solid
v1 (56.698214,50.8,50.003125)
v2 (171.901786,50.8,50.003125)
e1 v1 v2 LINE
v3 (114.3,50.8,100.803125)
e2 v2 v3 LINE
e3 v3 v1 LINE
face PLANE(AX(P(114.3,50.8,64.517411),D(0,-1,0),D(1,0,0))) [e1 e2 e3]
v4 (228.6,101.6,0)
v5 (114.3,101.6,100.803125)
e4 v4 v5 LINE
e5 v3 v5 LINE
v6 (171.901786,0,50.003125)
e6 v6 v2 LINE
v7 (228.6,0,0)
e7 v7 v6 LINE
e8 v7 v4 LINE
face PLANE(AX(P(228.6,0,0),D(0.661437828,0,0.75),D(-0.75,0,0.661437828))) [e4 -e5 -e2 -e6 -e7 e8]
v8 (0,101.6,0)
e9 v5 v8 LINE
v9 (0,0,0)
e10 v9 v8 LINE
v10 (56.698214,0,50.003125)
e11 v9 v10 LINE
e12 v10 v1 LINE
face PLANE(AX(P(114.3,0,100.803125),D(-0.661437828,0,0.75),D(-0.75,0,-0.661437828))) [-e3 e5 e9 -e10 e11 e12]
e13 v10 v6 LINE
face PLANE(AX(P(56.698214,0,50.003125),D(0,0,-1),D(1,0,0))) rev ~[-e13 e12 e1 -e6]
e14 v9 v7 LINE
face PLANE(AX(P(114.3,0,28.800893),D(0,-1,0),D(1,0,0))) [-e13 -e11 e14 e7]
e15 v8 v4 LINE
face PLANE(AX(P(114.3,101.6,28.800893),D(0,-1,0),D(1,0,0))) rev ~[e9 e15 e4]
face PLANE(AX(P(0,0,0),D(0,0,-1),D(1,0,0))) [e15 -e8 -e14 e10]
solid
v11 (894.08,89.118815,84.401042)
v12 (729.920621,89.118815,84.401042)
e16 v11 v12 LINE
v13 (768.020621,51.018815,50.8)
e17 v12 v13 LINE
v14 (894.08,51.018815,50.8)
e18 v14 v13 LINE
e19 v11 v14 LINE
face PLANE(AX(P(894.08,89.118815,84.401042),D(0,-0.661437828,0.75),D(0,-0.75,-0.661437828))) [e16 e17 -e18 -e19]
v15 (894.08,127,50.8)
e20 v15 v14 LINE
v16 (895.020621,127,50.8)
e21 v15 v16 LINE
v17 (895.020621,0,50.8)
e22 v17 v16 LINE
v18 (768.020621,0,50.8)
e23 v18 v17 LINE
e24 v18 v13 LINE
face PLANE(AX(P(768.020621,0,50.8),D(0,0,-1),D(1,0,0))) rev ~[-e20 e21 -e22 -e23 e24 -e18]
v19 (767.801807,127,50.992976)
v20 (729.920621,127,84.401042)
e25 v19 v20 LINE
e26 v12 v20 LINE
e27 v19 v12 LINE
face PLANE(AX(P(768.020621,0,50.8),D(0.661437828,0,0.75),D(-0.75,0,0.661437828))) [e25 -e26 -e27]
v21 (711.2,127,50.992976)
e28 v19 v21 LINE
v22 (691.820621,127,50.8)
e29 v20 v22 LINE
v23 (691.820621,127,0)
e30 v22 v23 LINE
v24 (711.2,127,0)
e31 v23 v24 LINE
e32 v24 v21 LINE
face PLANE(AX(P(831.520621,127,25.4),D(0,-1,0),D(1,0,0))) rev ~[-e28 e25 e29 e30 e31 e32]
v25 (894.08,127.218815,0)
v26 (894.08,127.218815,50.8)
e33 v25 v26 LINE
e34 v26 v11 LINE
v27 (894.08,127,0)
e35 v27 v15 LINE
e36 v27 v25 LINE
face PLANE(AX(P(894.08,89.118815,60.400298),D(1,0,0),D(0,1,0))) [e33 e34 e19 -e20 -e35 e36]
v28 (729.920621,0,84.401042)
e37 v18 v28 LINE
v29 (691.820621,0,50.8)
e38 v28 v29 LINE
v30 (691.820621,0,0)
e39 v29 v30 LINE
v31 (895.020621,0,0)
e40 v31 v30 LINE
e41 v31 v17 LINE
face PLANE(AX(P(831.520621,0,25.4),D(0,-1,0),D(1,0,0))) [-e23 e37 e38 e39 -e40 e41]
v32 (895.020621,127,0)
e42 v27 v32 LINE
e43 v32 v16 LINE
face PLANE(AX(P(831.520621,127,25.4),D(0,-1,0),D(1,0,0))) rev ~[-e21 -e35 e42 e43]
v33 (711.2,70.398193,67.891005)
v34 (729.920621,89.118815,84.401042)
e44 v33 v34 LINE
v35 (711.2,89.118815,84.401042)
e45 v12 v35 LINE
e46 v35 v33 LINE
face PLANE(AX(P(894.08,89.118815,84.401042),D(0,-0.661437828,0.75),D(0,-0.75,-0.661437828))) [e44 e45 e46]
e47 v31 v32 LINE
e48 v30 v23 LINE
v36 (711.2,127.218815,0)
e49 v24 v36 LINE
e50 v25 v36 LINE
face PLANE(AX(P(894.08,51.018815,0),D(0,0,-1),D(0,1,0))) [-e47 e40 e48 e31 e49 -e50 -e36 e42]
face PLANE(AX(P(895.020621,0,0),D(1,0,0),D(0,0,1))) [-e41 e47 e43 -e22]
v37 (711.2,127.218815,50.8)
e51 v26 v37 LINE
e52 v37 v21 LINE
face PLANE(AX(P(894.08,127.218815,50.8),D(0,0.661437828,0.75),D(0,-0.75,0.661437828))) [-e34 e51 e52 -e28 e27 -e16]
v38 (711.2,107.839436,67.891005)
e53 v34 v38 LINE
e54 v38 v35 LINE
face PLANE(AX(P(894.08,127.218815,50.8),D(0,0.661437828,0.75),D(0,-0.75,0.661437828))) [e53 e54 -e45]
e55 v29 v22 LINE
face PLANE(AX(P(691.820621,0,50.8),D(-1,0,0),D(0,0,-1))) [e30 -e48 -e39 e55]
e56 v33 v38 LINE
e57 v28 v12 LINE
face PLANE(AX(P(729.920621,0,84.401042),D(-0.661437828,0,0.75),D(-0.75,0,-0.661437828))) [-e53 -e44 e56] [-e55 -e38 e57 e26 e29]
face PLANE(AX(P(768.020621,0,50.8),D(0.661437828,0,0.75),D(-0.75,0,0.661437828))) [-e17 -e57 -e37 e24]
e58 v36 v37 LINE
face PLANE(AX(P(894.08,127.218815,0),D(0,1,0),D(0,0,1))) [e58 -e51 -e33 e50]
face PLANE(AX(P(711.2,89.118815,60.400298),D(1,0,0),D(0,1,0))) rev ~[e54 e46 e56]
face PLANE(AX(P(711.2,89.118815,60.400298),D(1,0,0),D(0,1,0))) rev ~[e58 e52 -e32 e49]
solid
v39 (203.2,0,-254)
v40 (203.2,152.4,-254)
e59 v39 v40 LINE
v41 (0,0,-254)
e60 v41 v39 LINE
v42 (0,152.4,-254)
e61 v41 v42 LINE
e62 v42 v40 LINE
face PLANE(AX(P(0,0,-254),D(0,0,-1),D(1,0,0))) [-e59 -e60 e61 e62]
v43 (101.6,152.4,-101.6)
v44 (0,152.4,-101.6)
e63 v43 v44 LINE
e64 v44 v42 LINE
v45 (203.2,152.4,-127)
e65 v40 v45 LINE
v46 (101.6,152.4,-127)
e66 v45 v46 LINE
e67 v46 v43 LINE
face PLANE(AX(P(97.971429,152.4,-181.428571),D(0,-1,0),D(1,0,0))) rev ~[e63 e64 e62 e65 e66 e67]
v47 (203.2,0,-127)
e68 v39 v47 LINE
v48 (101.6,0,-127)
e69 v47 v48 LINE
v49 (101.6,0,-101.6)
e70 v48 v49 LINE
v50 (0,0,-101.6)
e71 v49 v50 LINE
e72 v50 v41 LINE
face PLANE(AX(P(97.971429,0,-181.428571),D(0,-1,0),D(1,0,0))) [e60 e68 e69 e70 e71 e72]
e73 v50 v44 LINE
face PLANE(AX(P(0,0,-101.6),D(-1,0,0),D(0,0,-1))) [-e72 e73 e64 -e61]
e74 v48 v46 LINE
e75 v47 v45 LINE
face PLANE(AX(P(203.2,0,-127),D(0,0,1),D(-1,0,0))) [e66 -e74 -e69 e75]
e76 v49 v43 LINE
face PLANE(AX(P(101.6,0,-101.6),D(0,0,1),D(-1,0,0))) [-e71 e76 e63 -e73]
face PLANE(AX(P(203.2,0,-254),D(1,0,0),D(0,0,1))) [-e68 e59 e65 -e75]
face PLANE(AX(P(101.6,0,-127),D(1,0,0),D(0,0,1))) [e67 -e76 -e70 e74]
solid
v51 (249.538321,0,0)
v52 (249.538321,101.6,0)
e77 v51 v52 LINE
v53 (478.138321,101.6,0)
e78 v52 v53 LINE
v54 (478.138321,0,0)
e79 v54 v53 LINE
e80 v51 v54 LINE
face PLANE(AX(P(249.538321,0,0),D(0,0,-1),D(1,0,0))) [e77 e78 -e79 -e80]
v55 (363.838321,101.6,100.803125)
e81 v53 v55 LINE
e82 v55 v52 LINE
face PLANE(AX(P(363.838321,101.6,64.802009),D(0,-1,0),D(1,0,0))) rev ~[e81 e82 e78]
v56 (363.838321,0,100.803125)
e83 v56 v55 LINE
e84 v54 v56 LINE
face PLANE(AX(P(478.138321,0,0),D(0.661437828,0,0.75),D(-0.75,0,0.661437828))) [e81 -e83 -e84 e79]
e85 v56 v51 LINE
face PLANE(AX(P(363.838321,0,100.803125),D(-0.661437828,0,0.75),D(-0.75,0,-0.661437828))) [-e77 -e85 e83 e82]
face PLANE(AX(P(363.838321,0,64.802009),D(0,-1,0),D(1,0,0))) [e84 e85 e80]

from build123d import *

# Parameters (mm, degrees)
F1_DEPTH  = 101.6
F3_DEPTH  = 50.8
F4_DEPTH  = 50.8
F6_DEPTH  = 101.6
F9_DEPTH  = 279.4
F11_DEPTH = 127
F12_W     = 127
F12_H     = 50.8
F13_DEPTH = 127
F14_W     = 76.2
F14_H     = 50.8
F15_DEPTH = 182.88
F17_DEPTH = 152.4


with BuildPart() as f1:
    # F0 (on Front) → F1 (new body)
    with BuildSketch(Plane.XZ):
        Polygon((114.3, 100.8031249516), (0, 0), (228.6, 0), align=None)
    extrude(amount=-F1_DEPTH)

    # F2 (on face) → F3 (join)
    with BuildSketch(Plane.XZ):
        Polygon((114.3, 100.8031249516), (56.6982143134, 50.0031249516), (171.9017856866, 50.0031249516), align=None)
    extrude(amount=-F3_DEPTH)

    # F2 (on face) → F4 (cut)
    with BuildSketch(Plane.XZ):
        Polygon((114.3, 100.8031249516), (56.6982143134, 50.0031249516), (171.9017856866, 50.0031249516), align=None)
    extrude(amount=-F4_DEPTH, mode=Mode.SUBTRACT)

    # F8 (on offset) → F9 (cut)
    with BuildSketch(Plane.YZ.offset(894.08)):
        Polygon((0, 24.6031249516), (50.8, 100.8031249516), (0, 100.8031249516), align=None)
    extrude(amount=-F9_DEPTH, mode=Mode.SUBTRACT)


with BuildPart() as f6:
    # F5 (on Front) → F6 (new body)
    with BuildSketch(Plane.XZ):
        Polygon((420.9883213043, 50.4015624758), (363.8383213043, 100.8031249516), (306.6883213043, 50.4015624758), align=None)
        Polygon((420.9883213043, 50.4015624758), (306.6883213043, 50.4015624758), (249.5383213043, 0), (478.1383213043, 0), align=None)
    extrude(amount=-F6_DEPTH)


with BuildPart() as f11:
    # F10 (on Front) → F11 (new body)
    with BuildSketch(Plane.XZ):
        Polygon((729.9206214905, 84.4010416505), (691.8206214905, 50.8), (691.8206214905, 0), (768.0206214905, 0), (768.0206214905, 50.8), align=None)
    extrude(amount=-F11_DEPTH)

    # F12 (on Front) → F13 (join)
    with BuildSketch(Plane.XZ):
        with Locations((831.5206214905, 25.4)):
            Rectangle(F12_W, F12_H)
    extrude(amount=-F13_DEPTH)

    # F14 (on offset) → F15 (join)
    with BuildSketch(Plane.YZ.offset(894.08)):
        Polygon((127.2188145703, 50.8), (89.1188145703, 84.4010416505), (51.0188145703, 50.8), align=None)
        with Locations((89.1188145703, 25.4)):
            Rectangle(F14_W, F14_H)
    extrude(amount=-F15_DEPTH)


with BuildPart() as f17:
    # F16 (on Front) → F17 (new body)
    with BuildSketch(Plane.XZ):
        Polygon((101.6, -101.6), (0, -101.6), (0, -254), (203.2, -254), (203.2, -127), (101.6, -127), align=None)
    extrude(amount=-F17_DEPTH)


solid = Compound([f1.part, f6.part, f11.part, f17.part])
